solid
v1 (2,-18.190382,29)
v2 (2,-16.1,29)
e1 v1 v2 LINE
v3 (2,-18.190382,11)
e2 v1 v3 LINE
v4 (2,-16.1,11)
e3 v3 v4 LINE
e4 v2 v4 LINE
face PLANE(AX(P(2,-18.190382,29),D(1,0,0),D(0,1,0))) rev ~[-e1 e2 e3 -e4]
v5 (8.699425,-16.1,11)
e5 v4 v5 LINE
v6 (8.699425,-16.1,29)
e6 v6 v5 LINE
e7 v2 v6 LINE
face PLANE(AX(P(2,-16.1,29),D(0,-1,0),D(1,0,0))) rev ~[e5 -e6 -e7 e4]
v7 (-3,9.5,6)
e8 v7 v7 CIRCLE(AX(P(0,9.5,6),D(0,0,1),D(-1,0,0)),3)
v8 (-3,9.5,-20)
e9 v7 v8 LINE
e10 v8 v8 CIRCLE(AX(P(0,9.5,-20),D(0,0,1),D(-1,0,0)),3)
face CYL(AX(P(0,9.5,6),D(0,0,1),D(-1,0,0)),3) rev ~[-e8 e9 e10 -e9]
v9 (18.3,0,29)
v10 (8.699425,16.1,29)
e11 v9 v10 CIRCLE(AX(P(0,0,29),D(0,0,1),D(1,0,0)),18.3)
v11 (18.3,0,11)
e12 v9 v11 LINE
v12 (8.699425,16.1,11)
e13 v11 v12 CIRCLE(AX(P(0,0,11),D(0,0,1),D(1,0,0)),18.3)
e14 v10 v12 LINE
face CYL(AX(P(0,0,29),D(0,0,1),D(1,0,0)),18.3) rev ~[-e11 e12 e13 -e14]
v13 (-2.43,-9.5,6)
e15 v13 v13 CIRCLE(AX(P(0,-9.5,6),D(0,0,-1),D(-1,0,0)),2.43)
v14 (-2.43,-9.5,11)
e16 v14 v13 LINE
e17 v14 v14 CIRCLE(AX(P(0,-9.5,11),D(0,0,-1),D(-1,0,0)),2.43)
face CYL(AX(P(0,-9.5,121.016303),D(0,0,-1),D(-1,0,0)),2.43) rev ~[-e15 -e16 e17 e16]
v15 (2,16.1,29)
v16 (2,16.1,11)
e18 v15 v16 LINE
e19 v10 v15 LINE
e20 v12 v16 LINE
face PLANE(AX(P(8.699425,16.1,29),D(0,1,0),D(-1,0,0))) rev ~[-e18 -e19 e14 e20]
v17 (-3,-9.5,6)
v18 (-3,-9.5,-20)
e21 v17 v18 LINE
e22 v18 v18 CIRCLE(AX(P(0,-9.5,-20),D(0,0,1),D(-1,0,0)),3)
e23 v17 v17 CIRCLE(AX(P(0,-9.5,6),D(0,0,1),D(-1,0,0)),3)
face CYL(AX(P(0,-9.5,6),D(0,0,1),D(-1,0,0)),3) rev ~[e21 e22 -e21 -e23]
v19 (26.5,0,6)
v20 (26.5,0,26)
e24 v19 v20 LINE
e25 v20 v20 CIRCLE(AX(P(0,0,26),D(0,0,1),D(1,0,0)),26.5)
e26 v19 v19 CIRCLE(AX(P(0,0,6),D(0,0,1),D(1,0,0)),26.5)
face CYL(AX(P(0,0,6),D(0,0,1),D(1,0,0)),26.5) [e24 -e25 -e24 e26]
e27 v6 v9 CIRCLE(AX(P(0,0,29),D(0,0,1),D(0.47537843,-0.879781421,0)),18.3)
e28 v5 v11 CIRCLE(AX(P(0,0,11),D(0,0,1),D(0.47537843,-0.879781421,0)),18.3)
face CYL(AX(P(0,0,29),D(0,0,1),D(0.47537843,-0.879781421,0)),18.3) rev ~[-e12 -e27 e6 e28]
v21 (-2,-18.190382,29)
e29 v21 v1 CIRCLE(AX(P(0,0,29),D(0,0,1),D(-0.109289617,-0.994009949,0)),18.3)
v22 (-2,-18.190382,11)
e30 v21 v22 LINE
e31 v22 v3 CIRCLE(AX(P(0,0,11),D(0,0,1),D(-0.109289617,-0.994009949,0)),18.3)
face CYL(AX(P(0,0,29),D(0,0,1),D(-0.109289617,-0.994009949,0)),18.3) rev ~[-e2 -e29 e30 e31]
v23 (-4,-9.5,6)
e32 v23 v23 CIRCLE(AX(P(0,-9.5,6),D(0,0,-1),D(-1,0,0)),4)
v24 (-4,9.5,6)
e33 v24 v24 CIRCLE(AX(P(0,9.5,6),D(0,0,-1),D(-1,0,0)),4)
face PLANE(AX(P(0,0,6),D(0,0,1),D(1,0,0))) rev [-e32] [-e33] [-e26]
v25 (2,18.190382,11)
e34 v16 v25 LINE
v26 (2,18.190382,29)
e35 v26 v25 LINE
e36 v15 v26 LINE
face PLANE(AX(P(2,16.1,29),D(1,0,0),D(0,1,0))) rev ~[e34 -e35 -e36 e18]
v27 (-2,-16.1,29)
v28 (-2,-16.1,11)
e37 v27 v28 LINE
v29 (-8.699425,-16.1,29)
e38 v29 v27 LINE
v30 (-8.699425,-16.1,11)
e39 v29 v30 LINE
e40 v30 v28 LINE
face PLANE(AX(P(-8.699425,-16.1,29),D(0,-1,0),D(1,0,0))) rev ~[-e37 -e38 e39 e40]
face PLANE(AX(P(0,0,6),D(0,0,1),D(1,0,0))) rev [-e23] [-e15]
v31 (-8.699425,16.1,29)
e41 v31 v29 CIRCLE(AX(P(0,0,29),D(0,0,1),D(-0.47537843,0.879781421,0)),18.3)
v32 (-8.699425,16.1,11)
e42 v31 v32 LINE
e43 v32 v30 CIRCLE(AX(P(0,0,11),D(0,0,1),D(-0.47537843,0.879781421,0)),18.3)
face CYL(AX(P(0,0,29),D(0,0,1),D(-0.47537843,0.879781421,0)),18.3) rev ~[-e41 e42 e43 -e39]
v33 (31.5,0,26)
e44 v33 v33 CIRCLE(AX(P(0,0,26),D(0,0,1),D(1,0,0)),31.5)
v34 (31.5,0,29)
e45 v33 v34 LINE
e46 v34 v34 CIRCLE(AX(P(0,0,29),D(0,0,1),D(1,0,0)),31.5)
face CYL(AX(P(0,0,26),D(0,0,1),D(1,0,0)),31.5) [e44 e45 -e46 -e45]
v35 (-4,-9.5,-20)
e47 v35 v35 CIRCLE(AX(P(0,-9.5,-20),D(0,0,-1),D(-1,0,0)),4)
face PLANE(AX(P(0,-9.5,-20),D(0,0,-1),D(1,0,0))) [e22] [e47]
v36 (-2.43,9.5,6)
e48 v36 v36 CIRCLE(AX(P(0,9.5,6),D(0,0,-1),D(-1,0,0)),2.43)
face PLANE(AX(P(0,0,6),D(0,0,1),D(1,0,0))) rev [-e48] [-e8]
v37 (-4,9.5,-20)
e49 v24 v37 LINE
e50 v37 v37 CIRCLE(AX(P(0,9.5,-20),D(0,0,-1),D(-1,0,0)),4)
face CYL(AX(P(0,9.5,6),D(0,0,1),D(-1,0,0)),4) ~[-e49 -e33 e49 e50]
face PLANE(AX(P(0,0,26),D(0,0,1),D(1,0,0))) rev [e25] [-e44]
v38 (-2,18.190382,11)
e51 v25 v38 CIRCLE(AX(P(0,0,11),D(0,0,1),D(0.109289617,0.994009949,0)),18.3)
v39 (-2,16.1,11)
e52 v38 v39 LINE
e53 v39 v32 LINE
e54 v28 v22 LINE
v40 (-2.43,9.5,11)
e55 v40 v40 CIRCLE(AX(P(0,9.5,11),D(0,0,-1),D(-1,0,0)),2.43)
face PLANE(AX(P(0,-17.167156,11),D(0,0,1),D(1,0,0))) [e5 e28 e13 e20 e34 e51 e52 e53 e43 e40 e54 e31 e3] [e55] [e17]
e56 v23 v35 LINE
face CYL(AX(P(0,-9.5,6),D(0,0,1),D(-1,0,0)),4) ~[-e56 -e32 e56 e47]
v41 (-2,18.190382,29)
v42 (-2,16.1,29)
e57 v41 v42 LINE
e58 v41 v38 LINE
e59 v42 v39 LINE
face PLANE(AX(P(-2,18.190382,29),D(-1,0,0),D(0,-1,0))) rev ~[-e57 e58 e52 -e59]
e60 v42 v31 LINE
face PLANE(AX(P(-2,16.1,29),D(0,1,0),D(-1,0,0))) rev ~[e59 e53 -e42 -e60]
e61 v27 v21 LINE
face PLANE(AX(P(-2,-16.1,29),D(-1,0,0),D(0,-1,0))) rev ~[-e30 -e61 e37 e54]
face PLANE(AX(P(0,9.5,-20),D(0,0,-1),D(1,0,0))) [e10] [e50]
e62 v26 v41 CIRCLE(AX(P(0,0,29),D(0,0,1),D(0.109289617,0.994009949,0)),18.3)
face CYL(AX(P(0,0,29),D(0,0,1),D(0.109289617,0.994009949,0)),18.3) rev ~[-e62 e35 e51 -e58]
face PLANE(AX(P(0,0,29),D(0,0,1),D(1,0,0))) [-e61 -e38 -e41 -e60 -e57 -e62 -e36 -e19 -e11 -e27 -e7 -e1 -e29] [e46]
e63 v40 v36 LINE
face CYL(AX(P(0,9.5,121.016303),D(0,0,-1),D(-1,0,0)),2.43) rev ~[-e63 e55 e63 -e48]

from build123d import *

# Parameters (mm, degrees)
F3_DEPTH = 18
F4_D     = 4.86
F6_DEPTH = 26


with BuildPart() as f1:
    # F0 (on Front) → F1 (revolve)
    with BuildSketch(Plane.XZ):
        Polygon((0, 29), (0, 6), (26.5, 6), (26.5, 26), (31.5, 26), (31.5, 29), align=None)
    revolve(axis=Axis((0, 0, 14.5), (0, 0, 1)))

    # F2 (on face) → F3 (cut)
    with BuildSketch(Plane.XY.offset(29)):
        with BuildLine():
            Line((2, -16.1), (0, -16.1))
            Line((0, -16.1), (-2, -16.1))
            Line((-2, -16.1), (-2, -18.1903820741))
            ThreePointArc((-2, -18.1903820741), (0, -18.3), (2, -18.1903820741))
            Line((2, -18.1903820741), (2, -16.1))
        make_face()
        with BuildLine():
            Line((0, -9.5), (0, 0))
            Line((0, 0), (0, 9.5))
            Line((0, 9.5), (0, 16.1))
            Line((0, 16.1), (-2, 16.1))
            Line((-2, 16.1), (-8.6994252684, 16.1))
            ThreePointArc((-8.6994252684, 16.1), (-18.3, 0), (-8.6994252684, -16.1))
            Line((-8.6994252684, -16.1), (-2, -16.1))
            Line((-2, -16.1), (0, -16.1))
            Line((0, -16.1), (0, -9.5))
        make_face()
        with BuildLine():
            Line((-2, 16.1), (0, 16.1))
            Line((0, 16.1), (2, 16.1))
            Line((2, 16.1), (2, 18.1903820741))
            ThreePointArc((2, 18.1903820741), (0, 18.3), (-2, 18.1903820741))
            Line((-2, 18.1903820741), (-2, 16.1))
        make_face()
        with BuildLine():
            Line((0, 9.5), (0, 0))
            Line((0, 0), (10, 0))
            Line((10, 0), (18.3, 0))
            ThreePointArc((18.3, 0), (15.7176569884, 9.3725801567), (8.6994252684, 16.1))
            Line((8.6994252684, 16.1), (2, 16.1))
            Line((2, 16.1), (0, 16.1))
            Line((0, 16.1), (0, 9.5))
        make_face()
        with BuildLine():
            Line((10, 0), (0, 0))
            Line((0, 0), (0, -9.5))
            Line((0, -9.5), (0, -16.1))
            Line((0, -16.1), (2, -16.1))
            Line((2, -16.1), (8.6994252684, -16.1))
            ThreePointArc((8.6994252684, -16.1), (15.7176569884, -9.3725801567), (18.3, 0))
            Line((18.3, 0), (10, 0))
        make_face()
    extrude(amount=-F3_DEPTH, mode=Mode.SUBTRACT)

    # F4 (through all)
    with Locations(Plane.XY.offset(29)):
        with Locations((0, 9.5), (0, -9.5)):
            Hole(F4_D / 2)

    # F5 (on face) → F6 (join)
    with BuildSketch(Plane(origin=(0, 0, 6), x_dir=(1, 0, 0), z_dir=(0, 0, -1))):
        with BuildLine():
            ThreePointArc((4, 9.5), (0, 13.5), (-4, 9.5))
            ThreePointArc((-4, 9.5), (0, 5.5), (4, 9.5))
        make_face()
        with BuildLine():
            ThreePointArc((3, 9.5), (0, 6.5), (-3, 9.5))
            ThreePointArc((-3, 9.5), (0, 12.5), (3, 9.5))
        make_face(mode=Mode.SUBTRACT)
        with BuildLine():
            ThreePointArc((4, -9.5), (0, -5.5), (-4, -9.5))
            ThreePointArc((-4, -9.5), (0, -13.5), (4, -9.5))
        make_face()
        with BuildLine():
            ThreePointArc((3, -9.5), (0, -12.5), (-3, -9.5))
            ThreePointArc((-3, -9.5), (0, -6.5), (3, -9.5))
        make_face(mode=Mode.SUBTRACT)
    extrude(amount=F6_DEPTH)


solid = f1.part
